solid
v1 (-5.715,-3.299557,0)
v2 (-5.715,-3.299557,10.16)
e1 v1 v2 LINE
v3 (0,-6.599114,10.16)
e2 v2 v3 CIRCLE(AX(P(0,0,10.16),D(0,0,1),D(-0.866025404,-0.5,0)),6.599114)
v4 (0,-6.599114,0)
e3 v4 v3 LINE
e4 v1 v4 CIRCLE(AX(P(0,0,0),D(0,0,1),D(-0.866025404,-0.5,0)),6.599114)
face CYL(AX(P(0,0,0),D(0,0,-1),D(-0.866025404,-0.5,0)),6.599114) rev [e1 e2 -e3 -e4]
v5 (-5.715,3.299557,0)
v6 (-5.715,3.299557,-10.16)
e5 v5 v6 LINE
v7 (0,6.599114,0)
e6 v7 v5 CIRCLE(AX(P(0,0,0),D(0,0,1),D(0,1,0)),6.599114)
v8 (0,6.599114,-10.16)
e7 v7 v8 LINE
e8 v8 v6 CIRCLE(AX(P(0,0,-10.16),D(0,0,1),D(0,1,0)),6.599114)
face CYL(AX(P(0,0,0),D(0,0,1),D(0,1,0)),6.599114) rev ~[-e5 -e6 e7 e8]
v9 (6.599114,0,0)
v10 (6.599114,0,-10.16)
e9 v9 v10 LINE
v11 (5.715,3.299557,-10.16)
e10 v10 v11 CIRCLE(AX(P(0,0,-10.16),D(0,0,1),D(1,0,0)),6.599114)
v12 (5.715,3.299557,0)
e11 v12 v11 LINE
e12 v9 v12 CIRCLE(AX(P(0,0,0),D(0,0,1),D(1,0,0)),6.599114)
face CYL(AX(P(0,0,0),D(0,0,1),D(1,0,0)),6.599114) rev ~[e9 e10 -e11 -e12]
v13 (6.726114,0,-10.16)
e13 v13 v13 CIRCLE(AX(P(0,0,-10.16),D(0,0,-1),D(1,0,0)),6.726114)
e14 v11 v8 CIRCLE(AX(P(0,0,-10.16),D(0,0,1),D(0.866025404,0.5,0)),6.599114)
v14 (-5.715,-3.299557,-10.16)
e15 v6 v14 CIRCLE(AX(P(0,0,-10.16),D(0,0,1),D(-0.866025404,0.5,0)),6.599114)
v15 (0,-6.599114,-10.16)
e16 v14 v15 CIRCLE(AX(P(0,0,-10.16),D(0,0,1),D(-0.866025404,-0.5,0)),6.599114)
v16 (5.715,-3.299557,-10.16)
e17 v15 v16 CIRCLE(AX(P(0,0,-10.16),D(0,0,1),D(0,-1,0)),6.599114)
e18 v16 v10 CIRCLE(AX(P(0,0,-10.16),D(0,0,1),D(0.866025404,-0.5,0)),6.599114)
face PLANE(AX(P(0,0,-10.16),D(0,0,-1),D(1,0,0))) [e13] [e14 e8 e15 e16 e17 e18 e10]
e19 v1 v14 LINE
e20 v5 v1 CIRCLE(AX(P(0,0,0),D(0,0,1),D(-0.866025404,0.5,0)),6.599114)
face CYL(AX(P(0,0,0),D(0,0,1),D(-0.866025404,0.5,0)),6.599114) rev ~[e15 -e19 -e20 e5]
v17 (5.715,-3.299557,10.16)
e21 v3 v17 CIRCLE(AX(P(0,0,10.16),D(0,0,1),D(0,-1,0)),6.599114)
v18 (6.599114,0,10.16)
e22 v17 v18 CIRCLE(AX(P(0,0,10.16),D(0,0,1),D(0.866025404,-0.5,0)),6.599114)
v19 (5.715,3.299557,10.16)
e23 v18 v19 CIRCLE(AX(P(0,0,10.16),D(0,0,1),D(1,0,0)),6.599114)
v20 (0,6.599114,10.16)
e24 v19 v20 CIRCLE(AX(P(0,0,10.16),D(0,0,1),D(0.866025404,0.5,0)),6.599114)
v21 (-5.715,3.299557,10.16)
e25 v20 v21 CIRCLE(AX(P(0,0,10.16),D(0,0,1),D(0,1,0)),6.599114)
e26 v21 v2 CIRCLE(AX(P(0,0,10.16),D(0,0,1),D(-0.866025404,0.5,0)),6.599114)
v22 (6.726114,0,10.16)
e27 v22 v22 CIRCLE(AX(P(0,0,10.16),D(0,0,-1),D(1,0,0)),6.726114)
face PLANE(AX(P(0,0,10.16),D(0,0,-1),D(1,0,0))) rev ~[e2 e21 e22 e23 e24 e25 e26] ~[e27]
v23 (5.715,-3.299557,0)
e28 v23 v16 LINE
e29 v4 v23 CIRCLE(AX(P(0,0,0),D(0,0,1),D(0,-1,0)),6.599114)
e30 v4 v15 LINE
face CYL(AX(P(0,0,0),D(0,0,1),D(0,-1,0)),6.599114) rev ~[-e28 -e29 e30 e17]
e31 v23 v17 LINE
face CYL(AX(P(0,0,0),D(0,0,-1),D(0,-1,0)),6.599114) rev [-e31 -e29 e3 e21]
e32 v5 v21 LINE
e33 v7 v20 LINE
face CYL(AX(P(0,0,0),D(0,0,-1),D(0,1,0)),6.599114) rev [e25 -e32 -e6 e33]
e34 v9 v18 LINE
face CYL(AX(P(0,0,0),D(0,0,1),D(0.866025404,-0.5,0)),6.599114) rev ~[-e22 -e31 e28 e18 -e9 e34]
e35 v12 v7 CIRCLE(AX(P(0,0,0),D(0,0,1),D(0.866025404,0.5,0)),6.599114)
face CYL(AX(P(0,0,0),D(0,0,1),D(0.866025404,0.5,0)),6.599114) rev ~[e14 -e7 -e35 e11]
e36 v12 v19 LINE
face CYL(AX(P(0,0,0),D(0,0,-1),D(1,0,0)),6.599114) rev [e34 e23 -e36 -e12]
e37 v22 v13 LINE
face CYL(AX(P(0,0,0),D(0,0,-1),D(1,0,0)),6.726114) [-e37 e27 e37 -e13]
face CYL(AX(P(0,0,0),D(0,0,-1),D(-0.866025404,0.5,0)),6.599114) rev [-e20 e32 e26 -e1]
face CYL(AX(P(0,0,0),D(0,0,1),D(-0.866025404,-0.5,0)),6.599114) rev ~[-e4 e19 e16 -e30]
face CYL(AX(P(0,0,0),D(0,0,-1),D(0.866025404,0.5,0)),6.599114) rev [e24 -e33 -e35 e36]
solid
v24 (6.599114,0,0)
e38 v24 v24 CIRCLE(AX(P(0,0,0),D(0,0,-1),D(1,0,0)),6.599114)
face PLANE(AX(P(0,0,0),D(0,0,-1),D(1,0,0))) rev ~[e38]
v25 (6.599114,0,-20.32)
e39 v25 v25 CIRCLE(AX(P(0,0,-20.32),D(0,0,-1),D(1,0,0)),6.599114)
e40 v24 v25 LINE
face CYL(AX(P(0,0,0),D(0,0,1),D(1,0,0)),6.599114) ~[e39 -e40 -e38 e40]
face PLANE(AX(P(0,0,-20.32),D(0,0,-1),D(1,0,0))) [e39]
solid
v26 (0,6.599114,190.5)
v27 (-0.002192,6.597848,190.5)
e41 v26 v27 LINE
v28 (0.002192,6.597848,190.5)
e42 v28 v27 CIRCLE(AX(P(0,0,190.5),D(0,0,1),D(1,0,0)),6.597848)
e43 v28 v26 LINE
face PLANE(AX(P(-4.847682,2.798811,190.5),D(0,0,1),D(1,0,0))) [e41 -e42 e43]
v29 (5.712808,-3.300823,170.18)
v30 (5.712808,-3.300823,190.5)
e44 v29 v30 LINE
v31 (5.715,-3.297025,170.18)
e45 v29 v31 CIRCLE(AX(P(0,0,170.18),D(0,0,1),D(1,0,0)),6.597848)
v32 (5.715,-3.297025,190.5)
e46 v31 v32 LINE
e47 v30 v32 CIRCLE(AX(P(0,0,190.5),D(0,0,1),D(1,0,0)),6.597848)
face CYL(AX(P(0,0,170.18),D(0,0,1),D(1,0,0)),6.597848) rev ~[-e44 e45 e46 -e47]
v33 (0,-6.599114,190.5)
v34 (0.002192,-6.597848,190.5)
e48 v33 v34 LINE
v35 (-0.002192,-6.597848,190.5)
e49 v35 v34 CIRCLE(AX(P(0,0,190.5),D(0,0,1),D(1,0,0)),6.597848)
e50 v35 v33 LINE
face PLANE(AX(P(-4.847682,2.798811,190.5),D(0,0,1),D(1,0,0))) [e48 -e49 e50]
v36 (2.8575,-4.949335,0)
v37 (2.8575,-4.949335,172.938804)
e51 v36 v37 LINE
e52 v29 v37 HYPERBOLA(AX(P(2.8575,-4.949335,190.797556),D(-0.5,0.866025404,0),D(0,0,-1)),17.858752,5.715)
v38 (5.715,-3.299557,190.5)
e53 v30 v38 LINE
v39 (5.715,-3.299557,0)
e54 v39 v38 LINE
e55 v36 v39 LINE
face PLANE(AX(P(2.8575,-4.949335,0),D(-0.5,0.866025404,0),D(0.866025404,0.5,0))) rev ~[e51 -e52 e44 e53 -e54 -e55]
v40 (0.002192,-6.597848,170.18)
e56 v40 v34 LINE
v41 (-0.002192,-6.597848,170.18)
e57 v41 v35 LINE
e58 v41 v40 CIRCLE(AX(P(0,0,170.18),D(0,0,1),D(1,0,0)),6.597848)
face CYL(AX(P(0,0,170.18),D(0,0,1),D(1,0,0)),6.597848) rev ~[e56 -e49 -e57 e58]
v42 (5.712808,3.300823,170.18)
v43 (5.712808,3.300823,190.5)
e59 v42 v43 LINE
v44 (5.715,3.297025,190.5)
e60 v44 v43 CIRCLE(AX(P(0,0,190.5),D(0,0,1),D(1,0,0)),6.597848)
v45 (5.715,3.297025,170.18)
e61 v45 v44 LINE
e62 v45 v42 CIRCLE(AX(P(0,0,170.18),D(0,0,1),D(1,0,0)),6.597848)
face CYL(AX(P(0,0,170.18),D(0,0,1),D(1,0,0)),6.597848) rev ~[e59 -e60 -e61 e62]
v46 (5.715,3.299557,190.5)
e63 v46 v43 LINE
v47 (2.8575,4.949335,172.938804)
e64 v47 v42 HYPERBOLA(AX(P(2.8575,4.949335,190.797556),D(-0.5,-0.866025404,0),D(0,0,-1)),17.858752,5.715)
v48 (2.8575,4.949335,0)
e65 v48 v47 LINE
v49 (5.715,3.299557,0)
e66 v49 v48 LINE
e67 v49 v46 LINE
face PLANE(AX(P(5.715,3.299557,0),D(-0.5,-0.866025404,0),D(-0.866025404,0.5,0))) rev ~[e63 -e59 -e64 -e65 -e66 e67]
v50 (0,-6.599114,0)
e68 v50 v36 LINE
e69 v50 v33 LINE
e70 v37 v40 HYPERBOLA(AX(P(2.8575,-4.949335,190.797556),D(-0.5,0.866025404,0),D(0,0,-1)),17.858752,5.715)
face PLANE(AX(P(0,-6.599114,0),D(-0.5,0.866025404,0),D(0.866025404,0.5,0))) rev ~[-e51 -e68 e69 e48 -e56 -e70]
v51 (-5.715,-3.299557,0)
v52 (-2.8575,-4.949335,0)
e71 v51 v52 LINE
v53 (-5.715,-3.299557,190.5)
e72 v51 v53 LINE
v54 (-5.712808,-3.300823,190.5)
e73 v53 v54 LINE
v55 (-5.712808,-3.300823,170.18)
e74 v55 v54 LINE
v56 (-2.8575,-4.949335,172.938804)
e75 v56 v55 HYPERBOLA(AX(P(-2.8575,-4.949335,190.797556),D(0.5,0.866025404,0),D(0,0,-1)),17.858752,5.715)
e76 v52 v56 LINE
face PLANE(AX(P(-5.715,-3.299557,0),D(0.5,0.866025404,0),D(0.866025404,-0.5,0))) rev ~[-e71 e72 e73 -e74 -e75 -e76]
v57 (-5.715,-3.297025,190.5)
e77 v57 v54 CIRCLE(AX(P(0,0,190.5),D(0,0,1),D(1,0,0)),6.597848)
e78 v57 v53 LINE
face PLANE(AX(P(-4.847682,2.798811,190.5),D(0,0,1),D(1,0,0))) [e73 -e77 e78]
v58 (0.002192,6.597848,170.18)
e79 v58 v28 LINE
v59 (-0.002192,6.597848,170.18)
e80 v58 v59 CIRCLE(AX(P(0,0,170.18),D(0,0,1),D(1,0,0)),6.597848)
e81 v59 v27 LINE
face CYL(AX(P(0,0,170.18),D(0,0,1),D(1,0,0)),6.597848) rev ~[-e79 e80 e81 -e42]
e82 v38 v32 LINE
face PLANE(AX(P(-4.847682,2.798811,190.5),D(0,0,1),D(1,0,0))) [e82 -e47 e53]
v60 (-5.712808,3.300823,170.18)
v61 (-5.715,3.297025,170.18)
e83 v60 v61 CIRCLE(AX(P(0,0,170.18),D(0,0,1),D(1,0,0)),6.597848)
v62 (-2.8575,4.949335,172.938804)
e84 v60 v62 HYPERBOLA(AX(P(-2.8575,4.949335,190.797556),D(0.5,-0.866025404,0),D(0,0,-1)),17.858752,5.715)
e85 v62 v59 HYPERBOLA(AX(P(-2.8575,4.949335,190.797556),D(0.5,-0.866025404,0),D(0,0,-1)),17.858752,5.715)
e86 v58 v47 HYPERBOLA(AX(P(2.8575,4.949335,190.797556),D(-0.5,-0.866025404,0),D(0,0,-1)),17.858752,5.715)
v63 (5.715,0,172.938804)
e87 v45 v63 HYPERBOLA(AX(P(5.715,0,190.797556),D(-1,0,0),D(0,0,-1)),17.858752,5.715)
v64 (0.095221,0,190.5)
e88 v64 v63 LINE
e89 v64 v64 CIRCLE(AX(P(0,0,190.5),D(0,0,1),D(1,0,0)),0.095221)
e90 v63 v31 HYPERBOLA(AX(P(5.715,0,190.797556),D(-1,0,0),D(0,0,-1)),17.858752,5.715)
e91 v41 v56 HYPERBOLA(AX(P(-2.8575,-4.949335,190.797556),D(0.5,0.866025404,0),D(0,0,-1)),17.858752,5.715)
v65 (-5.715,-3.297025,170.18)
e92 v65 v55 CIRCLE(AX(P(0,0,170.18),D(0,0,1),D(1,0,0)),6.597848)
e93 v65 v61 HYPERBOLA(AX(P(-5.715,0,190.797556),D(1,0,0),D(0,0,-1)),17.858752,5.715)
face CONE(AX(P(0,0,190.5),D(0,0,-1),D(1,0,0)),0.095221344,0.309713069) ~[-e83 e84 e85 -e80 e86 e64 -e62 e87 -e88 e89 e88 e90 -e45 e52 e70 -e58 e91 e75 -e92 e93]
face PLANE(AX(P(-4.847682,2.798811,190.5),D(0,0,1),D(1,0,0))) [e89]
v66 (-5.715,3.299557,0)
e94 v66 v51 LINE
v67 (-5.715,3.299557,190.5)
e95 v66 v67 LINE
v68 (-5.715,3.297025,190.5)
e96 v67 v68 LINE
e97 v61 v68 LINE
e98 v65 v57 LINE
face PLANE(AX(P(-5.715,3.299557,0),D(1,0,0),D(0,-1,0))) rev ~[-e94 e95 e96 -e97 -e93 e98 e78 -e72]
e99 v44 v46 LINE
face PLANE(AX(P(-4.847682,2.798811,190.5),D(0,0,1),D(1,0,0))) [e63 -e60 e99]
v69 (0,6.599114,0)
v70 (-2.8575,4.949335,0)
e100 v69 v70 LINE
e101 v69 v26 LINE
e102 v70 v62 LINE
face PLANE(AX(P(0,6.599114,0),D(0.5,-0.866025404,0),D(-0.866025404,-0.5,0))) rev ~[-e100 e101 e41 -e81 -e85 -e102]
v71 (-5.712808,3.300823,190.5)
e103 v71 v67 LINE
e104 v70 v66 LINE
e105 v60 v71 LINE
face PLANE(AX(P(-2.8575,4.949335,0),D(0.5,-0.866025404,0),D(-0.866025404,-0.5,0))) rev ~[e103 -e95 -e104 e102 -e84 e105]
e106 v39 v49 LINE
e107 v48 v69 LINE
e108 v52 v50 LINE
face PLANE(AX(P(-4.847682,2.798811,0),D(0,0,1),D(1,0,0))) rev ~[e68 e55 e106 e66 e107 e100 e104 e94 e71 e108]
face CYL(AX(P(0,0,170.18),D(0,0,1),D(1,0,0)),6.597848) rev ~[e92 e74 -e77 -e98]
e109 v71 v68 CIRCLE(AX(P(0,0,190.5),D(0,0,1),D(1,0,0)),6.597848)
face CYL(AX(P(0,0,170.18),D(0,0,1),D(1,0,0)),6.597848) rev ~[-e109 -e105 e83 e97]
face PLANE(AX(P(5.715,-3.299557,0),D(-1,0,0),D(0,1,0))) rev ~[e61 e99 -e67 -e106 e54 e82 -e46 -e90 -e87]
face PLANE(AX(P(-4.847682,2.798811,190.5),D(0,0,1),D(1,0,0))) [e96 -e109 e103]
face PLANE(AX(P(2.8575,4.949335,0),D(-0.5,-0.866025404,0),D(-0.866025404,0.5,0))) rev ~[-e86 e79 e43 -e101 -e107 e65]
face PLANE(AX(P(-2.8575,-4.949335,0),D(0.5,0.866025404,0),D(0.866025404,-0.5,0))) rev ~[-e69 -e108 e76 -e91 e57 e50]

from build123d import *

# Parameters (mm, degrees)
F1_DEPTH = 190.5
F2_R     = 6.7261135768
F3_DEPTH = 10.16
F4_R     = 6.5991135768
F5_DEPTH = 20.32


with BuildPart() as f1:
    # F0 (on Top) → F1 (new body)
    with BuildSketch(Plane.XY):
        with BuildLine():
            ThreePointArc((-5.715, 0), (-4.9493351932, 2.8574999817), (-2.8575000366, 4.9493351615))
            Line((-2.8575000366, 4.9493351615), (-5.715, 3.2995567884))
            Line((-5.715, 3.2995567884), (-5.715, 0))
        make_face()
        with BuildLine():
            ThreePointArc((-2.8575000366, 4.9493351615), (-1.92e-08, 5.715), (2.8575000033, 4.9493351807))
            Line((2.8575000033, 4.9493351807), (0, 6.5991135768))
            Line((0, 6.5991135768), (-2.8575000366, 4.9493351615))
        make_face()
        with BuildLine():
            ThreePointArc((2.8574998767, -4.9493352538), (4.949335147, -2.8575000617), (5.715, 0))
            ThreePointArc((5.715, 0), (4.9493351836, 2.8574999984), (2.8575000033, 4.9493351807))
            ThreePointArc((2.8575000033, 4.9493351807), (-1.92e-08, 5.715), (-2.8575000366, 4.9493351615))
            ThreePointArc((-2.8575000366, 4.9493351615), (-4.9493351932, 2.8574999817), (-5.715, 0))
            ThreePointArc((-5.715, 0), (-4.9493352014, -2.8574999675), (-2.857500065, -4.9493351451))
            ThreePointArc((-2.857500065, -4.9493351451), (-1.087e-07, -5.715), (2.8574998767, -4.9493352538))
        make_face()
        with BuildLine():
            ThreePointArc((2.8575000033, 4.9493351807), (4.9493351836, 2.8574999984), (5.715, 0))
            Line((5.715, 0), (5.715, 3.2995567884))
            Line((5.715, 3.2995567884), (2.8575000033, 4.9493351807))
        make_face()
        with BuildLine():
            Line((5.715, -3.2995567884), (5.715, 0))
            ThreePointArc((5.715, 0), (4.949335147, -2.8575000617), (2.8574998767, -4.9493352538))
            Line((2.8574998767, -4.9493352538), (5.715, -3.2995567884))
        make_face()
        with BuildLine():
            Line((0, -6.5991135768), (2.8574998767, -4.9493352538))
            ThreePointArc((2.8574998767, -4.9493352538), (-1.087e-07, -5.715), (-2.857500065, -4.9493351451))
            Line((-2.857500065, -4.9493351451), (0, -6.5991135768))
        make_face()
        with BuildLine():
            Line((-5.715, -3.2995567884), (-2.857500065, -4.9493351451))
            ThreePointArc((-2.857500065, -4.9493351451), (-4.9493352014, -2.8574999675), (-5.715, 0))
            Line((-5.715, 0), (-5.715, -3.2995567884))
        make_face()
    extrude(amount=F1_DEPTH)

    # F7 (on Front) → F9 (revolve, cut)
    with BuildSketch(Plane.XZ):
        Polygon((6.5978481434, 190.5), (0.0952213444, 190.5), (6.5978481434, 170.18), align=None)
    revolve(axis=Axis((0, 0, 95.25), (0, 0, 1)), mode=Mode.SUBTRACT)


with BuildPart() as f3:
    # F2 (on face) → F3 (new body, symmetric)
    with BuildSketch(Plane(origin=(0, 0, 0), x_dir=(1, 0, 0), z_dir=(0, 0, -1))):
        Circle(F2_R)
        with BuildLine():
            ThreePointArc((5.715, 3.2995567884), (6.3742542345, 1.7079762745), (6.5991135768, 0))
            ThreePointArc((6.5991135768, 0), (6.3742542345, -1.7079762745), (5.715, -3.2995567884))
            ThreePointArc((5.715, -3.2995567884), (3.2995567884, -5.715), (0, -6.5991135768))
            ThreePointArc((0, -6.5991135768), (-3.2995567884, -5.715), (-5.715, -3.2995567884))
            ThreePointArc((-5.715, -3.2995567884), (-6.5991135768, 0), (-5.715, 3.2995567884))
            ThreePointArc((-5.715, 3.2995567884), (-3.2995567884, 5.715), (0, 6.5991135768))
            ThreePointArc((0, 6.5991135768), (3.2995567884, 5.715), (5.715, 3.2995567884))
        make_face(mode=Mode.SUBTRACT)
    extrude(amount=F3_DEPTH, both=True)


with BuildPart() as f5:
    # F4 (on face) → F5 (new body)
    with BuildSketch(Plane(origin=(0, 0, 0), x_dir=(1, 0, 0), z_dir=(0, 0, -1))):
        Circle(F4_R)
    extrude(amount=F5_DEPTH)


solid = Compound([f1.part, f3.part, f5.part])
